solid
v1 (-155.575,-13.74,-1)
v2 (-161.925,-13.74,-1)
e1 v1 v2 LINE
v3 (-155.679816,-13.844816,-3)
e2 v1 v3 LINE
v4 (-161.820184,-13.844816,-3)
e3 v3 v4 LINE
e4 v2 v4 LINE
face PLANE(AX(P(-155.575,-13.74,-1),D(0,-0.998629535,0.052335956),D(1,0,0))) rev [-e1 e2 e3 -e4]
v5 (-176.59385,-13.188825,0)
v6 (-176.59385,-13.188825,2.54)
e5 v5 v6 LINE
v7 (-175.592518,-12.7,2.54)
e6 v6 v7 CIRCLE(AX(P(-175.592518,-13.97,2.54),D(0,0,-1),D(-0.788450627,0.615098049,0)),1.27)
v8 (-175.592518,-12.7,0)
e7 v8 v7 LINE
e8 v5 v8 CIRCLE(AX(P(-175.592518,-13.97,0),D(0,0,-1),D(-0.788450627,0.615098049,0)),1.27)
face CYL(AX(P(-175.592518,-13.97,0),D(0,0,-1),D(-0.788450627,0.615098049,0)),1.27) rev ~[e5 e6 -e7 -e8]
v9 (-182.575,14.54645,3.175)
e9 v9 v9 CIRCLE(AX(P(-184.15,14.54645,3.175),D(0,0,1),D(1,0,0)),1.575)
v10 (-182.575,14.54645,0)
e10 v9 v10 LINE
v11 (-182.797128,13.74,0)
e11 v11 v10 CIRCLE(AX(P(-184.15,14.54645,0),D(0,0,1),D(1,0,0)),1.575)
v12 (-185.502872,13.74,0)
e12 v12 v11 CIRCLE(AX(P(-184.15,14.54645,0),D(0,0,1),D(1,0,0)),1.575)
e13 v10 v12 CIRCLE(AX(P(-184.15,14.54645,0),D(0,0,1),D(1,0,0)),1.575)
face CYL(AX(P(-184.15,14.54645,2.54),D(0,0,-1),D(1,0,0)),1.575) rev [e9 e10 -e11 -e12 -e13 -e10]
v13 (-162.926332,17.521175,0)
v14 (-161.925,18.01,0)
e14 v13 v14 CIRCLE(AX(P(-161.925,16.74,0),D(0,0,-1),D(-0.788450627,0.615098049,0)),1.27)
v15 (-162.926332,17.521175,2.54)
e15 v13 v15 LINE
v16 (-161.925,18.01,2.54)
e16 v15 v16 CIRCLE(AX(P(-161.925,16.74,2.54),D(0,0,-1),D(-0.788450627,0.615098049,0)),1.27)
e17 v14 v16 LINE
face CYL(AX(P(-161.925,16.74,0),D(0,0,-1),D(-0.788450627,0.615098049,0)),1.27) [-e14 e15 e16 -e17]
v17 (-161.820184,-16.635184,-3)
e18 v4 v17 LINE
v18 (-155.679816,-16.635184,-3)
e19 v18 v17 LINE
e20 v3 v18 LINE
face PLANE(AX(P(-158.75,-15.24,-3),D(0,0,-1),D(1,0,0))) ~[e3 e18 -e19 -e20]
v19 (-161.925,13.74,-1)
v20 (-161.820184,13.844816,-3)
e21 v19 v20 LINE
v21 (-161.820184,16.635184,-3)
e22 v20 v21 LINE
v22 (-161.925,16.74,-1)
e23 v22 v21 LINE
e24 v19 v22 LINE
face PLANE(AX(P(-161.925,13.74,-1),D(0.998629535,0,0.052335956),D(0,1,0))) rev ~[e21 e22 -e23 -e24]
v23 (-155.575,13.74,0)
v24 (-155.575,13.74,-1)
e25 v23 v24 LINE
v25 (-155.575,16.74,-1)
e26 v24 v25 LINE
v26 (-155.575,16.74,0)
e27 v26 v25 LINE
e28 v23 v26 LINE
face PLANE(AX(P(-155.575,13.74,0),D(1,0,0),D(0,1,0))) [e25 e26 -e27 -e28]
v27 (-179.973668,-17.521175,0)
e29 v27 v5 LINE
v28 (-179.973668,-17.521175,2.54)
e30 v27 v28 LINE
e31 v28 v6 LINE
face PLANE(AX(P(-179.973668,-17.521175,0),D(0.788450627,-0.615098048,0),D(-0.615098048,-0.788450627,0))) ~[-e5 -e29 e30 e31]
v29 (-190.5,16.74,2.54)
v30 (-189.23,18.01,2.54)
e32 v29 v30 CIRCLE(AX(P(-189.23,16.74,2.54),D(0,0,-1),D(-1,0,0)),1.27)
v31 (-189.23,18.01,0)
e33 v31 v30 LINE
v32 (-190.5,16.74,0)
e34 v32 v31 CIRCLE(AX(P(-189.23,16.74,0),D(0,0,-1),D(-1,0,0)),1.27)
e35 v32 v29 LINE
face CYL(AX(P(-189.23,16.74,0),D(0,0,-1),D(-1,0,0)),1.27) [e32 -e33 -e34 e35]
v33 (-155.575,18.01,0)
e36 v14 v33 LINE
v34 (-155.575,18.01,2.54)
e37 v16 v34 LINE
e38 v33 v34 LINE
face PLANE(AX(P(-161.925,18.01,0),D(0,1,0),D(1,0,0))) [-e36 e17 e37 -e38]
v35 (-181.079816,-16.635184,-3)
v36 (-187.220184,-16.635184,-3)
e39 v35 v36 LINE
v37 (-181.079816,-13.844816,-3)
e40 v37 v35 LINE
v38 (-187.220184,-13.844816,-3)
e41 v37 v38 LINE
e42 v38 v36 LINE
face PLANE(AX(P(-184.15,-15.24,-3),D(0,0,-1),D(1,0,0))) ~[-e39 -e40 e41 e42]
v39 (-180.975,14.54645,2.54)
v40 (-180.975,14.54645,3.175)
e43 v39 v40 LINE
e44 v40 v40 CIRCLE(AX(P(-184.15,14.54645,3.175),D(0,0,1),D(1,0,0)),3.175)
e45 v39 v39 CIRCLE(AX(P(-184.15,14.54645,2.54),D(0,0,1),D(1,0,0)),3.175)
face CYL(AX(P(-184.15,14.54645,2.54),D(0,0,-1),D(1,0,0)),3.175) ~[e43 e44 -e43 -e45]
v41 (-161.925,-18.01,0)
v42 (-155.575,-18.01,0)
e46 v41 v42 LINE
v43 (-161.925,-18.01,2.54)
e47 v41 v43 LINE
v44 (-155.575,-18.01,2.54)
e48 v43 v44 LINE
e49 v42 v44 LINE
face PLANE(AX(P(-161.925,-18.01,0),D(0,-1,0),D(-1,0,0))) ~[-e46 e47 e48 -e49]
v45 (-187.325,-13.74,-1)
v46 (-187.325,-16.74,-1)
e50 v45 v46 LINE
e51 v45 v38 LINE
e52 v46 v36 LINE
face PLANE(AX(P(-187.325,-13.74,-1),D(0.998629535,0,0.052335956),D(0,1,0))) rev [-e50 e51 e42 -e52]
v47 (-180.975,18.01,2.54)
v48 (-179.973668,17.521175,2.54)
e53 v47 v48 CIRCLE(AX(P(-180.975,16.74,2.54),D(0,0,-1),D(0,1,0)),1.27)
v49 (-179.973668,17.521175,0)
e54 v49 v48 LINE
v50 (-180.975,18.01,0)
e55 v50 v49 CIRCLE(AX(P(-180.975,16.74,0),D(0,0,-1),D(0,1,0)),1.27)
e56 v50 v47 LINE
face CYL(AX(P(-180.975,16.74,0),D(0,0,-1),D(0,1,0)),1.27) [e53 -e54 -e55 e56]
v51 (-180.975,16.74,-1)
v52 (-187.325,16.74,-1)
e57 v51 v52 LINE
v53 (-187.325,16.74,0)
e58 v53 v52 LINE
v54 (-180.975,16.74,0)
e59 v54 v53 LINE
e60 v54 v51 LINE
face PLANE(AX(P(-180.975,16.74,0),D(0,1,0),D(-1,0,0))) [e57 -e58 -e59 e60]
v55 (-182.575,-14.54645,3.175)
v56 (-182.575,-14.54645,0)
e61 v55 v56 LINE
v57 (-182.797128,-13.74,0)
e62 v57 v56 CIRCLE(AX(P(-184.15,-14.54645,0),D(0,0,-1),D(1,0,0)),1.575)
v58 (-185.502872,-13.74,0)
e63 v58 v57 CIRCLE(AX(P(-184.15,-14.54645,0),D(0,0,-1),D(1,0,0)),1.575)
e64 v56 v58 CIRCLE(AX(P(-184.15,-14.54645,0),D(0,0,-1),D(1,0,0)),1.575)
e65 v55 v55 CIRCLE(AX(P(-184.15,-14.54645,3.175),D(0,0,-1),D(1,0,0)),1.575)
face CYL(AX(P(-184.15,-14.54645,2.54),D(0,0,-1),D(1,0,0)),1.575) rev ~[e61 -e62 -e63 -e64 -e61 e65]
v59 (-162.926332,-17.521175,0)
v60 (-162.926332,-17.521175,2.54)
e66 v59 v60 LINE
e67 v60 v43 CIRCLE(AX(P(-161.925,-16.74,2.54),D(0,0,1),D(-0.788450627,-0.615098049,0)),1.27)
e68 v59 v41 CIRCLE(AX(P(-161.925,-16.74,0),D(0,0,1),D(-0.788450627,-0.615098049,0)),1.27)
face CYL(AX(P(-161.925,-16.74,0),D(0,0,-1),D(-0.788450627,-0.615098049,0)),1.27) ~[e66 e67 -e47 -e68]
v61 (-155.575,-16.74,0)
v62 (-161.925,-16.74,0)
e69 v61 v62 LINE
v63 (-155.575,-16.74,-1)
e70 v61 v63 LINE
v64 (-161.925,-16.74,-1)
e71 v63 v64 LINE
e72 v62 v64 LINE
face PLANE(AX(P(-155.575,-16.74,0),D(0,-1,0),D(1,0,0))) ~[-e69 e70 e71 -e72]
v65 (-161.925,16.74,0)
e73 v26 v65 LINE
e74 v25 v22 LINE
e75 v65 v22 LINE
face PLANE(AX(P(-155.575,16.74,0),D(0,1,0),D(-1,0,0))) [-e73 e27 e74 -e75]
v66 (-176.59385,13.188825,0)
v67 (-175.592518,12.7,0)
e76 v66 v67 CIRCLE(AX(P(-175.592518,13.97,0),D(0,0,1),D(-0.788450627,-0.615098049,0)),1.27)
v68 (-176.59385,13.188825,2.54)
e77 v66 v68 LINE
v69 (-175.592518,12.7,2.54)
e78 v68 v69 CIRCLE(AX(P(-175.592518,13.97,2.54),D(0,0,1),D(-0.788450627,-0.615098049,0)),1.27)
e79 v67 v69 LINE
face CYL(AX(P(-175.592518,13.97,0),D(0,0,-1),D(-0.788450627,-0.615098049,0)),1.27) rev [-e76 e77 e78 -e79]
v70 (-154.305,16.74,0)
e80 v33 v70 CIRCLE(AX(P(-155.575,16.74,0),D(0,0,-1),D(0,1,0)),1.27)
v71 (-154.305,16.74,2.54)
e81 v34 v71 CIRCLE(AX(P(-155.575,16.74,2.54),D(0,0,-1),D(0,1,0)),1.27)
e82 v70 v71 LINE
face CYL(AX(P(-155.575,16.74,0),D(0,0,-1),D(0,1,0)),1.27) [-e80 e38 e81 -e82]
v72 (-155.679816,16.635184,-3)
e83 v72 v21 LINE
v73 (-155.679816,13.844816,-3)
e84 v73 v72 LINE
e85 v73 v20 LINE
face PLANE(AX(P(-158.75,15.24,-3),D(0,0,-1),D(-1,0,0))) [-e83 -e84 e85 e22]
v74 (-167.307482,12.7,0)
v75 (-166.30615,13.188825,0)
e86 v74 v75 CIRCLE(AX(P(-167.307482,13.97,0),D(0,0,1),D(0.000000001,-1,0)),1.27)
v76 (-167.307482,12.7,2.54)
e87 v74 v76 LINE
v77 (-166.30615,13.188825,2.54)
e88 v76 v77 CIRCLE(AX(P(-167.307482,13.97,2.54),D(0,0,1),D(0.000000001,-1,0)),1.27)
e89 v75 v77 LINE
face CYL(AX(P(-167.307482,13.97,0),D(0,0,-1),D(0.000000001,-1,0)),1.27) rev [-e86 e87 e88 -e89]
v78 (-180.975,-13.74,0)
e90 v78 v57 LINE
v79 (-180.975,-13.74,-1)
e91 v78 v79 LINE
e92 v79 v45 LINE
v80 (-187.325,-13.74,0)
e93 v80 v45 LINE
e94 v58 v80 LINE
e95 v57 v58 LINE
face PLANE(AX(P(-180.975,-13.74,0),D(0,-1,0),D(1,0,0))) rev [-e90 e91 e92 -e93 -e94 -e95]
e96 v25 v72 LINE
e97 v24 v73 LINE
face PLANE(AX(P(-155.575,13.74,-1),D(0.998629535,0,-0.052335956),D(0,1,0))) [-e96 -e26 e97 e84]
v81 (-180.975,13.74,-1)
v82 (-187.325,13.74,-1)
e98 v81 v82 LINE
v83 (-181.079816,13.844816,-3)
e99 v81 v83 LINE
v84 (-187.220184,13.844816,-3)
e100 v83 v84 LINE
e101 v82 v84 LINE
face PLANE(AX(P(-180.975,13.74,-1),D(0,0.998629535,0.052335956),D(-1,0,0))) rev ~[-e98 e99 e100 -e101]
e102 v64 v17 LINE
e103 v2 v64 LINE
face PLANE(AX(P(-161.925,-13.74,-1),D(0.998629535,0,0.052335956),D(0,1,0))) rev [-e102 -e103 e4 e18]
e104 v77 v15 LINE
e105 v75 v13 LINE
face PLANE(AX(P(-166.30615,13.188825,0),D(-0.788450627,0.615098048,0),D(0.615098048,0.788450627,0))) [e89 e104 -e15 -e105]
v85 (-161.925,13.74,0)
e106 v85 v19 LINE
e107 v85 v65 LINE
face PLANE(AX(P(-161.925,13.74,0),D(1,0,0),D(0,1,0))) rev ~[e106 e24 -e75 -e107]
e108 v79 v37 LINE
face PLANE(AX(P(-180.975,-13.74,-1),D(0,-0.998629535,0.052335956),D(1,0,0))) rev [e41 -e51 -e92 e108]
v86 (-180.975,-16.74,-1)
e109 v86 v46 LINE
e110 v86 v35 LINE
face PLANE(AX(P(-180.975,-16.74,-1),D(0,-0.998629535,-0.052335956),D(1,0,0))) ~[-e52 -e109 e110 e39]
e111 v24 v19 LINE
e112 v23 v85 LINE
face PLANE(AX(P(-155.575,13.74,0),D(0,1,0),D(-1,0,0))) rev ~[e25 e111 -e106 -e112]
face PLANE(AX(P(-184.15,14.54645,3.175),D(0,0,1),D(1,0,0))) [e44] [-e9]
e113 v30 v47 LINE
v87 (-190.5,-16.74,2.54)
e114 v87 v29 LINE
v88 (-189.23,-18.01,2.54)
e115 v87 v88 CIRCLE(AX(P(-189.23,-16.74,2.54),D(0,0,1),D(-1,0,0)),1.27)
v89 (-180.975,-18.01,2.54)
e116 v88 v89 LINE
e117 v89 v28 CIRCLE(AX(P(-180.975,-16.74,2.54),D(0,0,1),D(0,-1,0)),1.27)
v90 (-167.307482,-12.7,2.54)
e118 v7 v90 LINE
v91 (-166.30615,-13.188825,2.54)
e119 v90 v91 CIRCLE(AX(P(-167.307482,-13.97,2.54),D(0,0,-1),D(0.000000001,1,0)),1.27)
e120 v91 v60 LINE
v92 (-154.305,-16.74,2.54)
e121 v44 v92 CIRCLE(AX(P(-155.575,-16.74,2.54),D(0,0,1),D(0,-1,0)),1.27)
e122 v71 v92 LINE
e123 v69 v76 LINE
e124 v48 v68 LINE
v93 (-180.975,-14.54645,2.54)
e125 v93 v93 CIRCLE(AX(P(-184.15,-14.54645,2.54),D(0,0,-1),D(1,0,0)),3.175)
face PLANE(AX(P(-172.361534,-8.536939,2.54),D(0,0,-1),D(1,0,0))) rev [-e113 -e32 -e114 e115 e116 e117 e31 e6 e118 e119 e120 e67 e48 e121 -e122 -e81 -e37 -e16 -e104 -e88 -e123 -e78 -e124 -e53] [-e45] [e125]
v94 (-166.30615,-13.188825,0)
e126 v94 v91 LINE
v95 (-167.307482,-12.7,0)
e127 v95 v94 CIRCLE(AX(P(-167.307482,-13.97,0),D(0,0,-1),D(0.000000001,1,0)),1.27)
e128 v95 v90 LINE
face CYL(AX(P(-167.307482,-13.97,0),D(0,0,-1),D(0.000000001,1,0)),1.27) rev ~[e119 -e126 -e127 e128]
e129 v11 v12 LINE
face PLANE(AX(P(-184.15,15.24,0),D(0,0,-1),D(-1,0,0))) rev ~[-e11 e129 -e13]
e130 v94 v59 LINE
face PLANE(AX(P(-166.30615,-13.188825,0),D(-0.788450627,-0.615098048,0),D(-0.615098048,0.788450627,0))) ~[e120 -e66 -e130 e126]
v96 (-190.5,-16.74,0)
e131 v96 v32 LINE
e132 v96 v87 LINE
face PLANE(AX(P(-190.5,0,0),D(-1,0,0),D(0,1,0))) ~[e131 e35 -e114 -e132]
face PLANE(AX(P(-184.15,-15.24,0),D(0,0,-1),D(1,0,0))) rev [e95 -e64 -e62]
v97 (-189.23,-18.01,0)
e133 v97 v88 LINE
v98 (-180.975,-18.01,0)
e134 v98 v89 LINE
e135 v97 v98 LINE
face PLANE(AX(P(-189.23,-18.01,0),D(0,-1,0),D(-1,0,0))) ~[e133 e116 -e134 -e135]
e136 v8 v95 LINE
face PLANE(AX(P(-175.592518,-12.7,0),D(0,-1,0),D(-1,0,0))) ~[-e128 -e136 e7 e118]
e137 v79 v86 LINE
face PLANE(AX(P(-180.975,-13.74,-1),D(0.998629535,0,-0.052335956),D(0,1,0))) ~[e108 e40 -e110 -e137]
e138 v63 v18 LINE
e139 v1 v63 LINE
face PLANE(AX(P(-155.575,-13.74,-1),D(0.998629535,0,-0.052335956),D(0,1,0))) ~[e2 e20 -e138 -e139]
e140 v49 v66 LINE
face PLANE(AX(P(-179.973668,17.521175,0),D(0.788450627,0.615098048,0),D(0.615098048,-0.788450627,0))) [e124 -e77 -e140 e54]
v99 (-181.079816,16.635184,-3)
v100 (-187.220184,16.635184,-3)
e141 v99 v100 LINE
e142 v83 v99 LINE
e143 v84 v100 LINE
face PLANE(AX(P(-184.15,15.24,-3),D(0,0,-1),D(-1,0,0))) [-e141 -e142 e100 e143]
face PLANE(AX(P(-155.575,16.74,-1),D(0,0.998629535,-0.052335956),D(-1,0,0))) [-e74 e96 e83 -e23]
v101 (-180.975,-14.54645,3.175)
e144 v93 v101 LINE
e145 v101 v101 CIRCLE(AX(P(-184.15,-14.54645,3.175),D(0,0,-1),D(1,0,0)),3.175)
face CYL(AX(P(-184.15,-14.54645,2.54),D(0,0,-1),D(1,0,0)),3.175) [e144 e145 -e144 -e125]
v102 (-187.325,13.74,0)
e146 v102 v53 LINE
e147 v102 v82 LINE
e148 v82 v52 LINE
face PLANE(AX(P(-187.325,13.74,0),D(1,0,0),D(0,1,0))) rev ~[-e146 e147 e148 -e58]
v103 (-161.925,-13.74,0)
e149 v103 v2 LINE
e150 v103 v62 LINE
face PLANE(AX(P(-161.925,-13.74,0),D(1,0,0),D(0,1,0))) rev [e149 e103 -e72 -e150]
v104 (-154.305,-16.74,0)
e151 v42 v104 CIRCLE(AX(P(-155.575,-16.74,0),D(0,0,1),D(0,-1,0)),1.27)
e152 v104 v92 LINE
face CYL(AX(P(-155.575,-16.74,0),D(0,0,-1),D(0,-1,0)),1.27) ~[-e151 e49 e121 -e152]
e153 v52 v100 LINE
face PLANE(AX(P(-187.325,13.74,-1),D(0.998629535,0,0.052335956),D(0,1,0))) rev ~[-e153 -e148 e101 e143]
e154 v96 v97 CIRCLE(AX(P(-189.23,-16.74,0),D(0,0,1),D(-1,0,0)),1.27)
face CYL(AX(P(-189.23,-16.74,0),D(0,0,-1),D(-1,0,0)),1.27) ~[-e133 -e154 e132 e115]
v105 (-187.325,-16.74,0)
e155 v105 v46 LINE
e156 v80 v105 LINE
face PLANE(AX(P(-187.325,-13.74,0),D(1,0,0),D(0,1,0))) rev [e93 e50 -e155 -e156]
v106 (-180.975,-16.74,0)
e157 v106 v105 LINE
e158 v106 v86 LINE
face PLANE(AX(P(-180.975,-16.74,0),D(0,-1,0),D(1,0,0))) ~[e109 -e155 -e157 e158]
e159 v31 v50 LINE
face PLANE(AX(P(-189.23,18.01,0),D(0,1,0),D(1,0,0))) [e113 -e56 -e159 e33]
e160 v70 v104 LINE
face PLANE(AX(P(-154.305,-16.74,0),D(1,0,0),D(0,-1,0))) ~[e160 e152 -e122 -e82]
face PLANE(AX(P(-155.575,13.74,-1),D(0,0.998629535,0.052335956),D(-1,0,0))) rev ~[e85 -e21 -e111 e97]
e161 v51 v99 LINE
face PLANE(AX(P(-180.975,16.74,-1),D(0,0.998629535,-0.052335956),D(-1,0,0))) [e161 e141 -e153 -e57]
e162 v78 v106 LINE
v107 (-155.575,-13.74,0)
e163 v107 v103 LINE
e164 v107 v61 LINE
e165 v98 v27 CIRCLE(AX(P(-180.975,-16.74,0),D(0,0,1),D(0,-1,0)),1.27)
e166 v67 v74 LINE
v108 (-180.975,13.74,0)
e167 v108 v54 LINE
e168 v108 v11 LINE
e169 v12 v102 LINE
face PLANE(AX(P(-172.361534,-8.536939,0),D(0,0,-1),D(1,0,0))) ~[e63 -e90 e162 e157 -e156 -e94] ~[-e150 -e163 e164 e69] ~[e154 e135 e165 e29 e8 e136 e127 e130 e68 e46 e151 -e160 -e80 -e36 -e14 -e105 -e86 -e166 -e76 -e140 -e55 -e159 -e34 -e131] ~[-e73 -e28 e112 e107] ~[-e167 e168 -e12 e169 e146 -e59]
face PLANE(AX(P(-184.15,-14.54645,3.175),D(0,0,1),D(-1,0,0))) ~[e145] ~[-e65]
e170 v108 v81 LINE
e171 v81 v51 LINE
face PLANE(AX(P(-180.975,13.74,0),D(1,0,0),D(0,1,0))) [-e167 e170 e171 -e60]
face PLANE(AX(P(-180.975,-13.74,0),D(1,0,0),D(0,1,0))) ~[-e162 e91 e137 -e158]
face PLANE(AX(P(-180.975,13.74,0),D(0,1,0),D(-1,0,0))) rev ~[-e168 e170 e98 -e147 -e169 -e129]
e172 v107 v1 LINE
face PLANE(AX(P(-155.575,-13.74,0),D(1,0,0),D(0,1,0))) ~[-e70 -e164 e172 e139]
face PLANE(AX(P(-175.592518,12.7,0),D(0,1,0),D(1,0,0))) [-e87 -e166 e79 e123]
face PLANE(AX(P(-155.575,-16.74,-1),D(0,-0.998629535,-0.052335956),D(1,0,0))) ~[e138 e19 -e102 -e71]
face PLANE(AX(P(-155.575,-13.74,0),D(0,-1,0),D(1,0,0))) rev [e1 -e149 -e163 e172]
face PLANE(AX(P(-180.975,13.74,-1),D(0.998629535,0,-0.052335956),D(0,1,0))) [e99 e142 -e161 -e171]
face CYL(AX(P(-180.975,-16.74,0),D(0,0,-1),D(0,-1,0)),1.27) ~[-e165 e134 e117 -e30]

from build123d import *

# Parameters (mm, degrees)
SKETCH1_R                     = 1.575
BOSS_EXTRUDE1_DEPTH           = 2.54
SKETCH2_R                     = 3.175
SKETCH2_R_2                   = 1.575
BOSS_EXTRUDE2_DEPTH           = 0.635
SKETCH3_W                     = 6.35
SKETCH3_H                     = 3
BOSS_EXTRUDE3_DEPTH           = 1
SKETCH4_W                     = 6.35
SKETCH4_H                     = 3
BOSS_EXTRUDE4_DEPTH           = 2
BOSS_EXTRUDE4_DRAFT           = 3
BOSS_EXTRUDE4_PROFILE_2_DEPTH = 2
BOSS_EXTRUDE4_PROFILE_2_DRAFT = 3


with BuildPart() as part:
    # Sketch1 → Boss-Extrude1 (new body)
    with BuildSketch(Plane.XY):
        with BuildLine():
            Line((-184.15, 18.01), (-180.975, 18.01))
            ThreePointArc((-180.975, 18.01), (-180.417860718, 17.88126939), (-179.973667703, 17.521174521))
            Line((-179.973667703, 17.521174521), (-176.593849938, 13.188825479))
            ThreePointArc((-176.593849938, 13.188825479), (-176.149656923, 12.82873061), (-175.592517642, 12.7))
            Line((-175.592517642, 12.7), (-167.307482358, 12.7))
            ThreePointArc((-167.307482358, 12.7), (-166.750343077, 12.82873061), (-166.306150062, 13.188825479))
            Line((-166.306150062, 13.188825479), (-162.926332297, 17.521174521))
            ThreePointArc((-162.926332297, 17.521174521), (-162.482139282, 17.88126939), (-161.925, 18.01))
            Line((-161.925, 18.01), (-155.575, 18.01))
            ThreePointArc((-155.575, 18.01), (-154.676974388, 17.638025612), (-154.305, 16.74))
            Line((-154.305, 16.74), (-154.305, 0))
            Line((-154.305, 0), (-190.5, 0))
            Line((-190.5, 0), (-190.5, 16.74))
            ThreePointArc((-190.5, 16.74), (-190.128025612, 17.638025612), (-189.23, 18.01))
            Line((-189.23, 18.01), (-184.15, 18.01))
        make_face()
        with Locations((-184.15, 14.54645)):
            Circle(SKETCH1_R, mode=Mode.SUBTRACT)
    extrude(amount=BOSS_EXTRUDE1_DEPTH)

    # Sketch2 → Boss-Extrude2 (add)
    with BuildSketch(Plane.XY.offset(2.54)):
        with Locations((-184.15, 14.54645)):
            Circle(SKETCH2_R)
        with Locations((-184.15, 14.54645)):
            Circle(SKETCH2_R_2, mode=Mode.SUBTRACT)
    extrude(amount=BOSS_EXTRUDE2_DEPTH)

    # Sketch3 → Boss-Extrude3 (add)
    with BuildSketch(Plane(origin=(0, 0, 0), x_dir=(-1, 0, 0), z_dir=(0, 0, -1))):
        with Locations((184.15, 15.24)):
            Rectangle(SKETCH3_W, SKETCH3_H)
        with Locations((158.75, 15.24)):
            Rectangle(SKETCH3_W, SKETCH3_H)
    extrude(amount=BOSS_EXTRUDE3_DEPTH)


with BuildPart() as boss_extrude4_tool:
    # Sketch4 → Boss-Extrude4 (with draft: the straight prism first)
    with BuildSketch(Plane(origin=(0, 0, -1), x_dir=(-1, 0, 0), z_dir=(0, 0, -1))):
        with Locations((184.15, 15.24)):
            Rectangle(SKETCH4_W, SKETCH4_H)
    extrude(amount=BOSS_EXTRUDE4_DEPTH)
    # Boss-Extrude4: the draft: its side faces are tilted about the plane it starts from
    boss_extrude4_sides = [boss_extrude4_tool.faces().sort_by_distance(p)[0] for p in [
        (-180.975, 15.24, -2),
        (-184.15, 13.74, -2),
        (-187.325, 15.24, -2),
        (-184.15, 16.74, -2),
    ]]
    draft(boss_extrude4_sides, Plane(origin=(0, 0, -1), x_dir=(-1, 0, 0), z_dir=(0, 0, -1)), BOSS_EXTRUDE4_DRAFT)


with BuildPart() as part_1:
    add(part.part)

    # Boss-Extrude4: add boss_extrude4_tool
    add(boss_extrude4_tool.part)


with BuildPart() as boss_extrude4_profile_2_tool:
    # Sketch4 → Boss-Extrude4 profile 2 (with draft: the straight prism first)
    with BuildSketch(Plane(origin=(0, 0, -1), x_dir=(-1, 0, 0), z_dir=(0, 0, -1))):
        with Locations((158.75, 15.24)):
            Rectangle(SKETCH4_W, SKETCH4_H)
    extrude(amount=BOSS_EXTRUDE4_PROFILE_2_DEPTH)
    # Boss-Extrude4 profile 2: the draft: its side faces are tilted about the plane it starts from
    boss_extrude4_profile_2_sides = [boss_extrude4_profile_2_tool.faces().sort_by_distance(p)[0] for p in [
        (-155.575, 15.24, -2),
        (-158.75, 13.74, -2),
        (-161.925, 15.24, -2),
        (-158.75, 16.74, -2),
    ]]
    draft(boss_extrude4_profile_2_sides, Plane(origin=(0, 0, -1), x_dir=(-1, 0, 0), z_dir=(0, 0, -1)), BOSS_EXTRUDE4_PROFILE_2_DRAFT)


with BuildPart() as part_2:
    add(part_1.part)

    # Boss-Extrude4 profile 2: add boss_extrude4_profile_2_tool
    add(boss_extrude4_profile_2_tool.part)

    # Mirror1: part across plane


with BuildPart() as part_3:
    add(part_2.part)
    add(part_2.part.mirror(Plane.ZX))


solid = part_3.part
